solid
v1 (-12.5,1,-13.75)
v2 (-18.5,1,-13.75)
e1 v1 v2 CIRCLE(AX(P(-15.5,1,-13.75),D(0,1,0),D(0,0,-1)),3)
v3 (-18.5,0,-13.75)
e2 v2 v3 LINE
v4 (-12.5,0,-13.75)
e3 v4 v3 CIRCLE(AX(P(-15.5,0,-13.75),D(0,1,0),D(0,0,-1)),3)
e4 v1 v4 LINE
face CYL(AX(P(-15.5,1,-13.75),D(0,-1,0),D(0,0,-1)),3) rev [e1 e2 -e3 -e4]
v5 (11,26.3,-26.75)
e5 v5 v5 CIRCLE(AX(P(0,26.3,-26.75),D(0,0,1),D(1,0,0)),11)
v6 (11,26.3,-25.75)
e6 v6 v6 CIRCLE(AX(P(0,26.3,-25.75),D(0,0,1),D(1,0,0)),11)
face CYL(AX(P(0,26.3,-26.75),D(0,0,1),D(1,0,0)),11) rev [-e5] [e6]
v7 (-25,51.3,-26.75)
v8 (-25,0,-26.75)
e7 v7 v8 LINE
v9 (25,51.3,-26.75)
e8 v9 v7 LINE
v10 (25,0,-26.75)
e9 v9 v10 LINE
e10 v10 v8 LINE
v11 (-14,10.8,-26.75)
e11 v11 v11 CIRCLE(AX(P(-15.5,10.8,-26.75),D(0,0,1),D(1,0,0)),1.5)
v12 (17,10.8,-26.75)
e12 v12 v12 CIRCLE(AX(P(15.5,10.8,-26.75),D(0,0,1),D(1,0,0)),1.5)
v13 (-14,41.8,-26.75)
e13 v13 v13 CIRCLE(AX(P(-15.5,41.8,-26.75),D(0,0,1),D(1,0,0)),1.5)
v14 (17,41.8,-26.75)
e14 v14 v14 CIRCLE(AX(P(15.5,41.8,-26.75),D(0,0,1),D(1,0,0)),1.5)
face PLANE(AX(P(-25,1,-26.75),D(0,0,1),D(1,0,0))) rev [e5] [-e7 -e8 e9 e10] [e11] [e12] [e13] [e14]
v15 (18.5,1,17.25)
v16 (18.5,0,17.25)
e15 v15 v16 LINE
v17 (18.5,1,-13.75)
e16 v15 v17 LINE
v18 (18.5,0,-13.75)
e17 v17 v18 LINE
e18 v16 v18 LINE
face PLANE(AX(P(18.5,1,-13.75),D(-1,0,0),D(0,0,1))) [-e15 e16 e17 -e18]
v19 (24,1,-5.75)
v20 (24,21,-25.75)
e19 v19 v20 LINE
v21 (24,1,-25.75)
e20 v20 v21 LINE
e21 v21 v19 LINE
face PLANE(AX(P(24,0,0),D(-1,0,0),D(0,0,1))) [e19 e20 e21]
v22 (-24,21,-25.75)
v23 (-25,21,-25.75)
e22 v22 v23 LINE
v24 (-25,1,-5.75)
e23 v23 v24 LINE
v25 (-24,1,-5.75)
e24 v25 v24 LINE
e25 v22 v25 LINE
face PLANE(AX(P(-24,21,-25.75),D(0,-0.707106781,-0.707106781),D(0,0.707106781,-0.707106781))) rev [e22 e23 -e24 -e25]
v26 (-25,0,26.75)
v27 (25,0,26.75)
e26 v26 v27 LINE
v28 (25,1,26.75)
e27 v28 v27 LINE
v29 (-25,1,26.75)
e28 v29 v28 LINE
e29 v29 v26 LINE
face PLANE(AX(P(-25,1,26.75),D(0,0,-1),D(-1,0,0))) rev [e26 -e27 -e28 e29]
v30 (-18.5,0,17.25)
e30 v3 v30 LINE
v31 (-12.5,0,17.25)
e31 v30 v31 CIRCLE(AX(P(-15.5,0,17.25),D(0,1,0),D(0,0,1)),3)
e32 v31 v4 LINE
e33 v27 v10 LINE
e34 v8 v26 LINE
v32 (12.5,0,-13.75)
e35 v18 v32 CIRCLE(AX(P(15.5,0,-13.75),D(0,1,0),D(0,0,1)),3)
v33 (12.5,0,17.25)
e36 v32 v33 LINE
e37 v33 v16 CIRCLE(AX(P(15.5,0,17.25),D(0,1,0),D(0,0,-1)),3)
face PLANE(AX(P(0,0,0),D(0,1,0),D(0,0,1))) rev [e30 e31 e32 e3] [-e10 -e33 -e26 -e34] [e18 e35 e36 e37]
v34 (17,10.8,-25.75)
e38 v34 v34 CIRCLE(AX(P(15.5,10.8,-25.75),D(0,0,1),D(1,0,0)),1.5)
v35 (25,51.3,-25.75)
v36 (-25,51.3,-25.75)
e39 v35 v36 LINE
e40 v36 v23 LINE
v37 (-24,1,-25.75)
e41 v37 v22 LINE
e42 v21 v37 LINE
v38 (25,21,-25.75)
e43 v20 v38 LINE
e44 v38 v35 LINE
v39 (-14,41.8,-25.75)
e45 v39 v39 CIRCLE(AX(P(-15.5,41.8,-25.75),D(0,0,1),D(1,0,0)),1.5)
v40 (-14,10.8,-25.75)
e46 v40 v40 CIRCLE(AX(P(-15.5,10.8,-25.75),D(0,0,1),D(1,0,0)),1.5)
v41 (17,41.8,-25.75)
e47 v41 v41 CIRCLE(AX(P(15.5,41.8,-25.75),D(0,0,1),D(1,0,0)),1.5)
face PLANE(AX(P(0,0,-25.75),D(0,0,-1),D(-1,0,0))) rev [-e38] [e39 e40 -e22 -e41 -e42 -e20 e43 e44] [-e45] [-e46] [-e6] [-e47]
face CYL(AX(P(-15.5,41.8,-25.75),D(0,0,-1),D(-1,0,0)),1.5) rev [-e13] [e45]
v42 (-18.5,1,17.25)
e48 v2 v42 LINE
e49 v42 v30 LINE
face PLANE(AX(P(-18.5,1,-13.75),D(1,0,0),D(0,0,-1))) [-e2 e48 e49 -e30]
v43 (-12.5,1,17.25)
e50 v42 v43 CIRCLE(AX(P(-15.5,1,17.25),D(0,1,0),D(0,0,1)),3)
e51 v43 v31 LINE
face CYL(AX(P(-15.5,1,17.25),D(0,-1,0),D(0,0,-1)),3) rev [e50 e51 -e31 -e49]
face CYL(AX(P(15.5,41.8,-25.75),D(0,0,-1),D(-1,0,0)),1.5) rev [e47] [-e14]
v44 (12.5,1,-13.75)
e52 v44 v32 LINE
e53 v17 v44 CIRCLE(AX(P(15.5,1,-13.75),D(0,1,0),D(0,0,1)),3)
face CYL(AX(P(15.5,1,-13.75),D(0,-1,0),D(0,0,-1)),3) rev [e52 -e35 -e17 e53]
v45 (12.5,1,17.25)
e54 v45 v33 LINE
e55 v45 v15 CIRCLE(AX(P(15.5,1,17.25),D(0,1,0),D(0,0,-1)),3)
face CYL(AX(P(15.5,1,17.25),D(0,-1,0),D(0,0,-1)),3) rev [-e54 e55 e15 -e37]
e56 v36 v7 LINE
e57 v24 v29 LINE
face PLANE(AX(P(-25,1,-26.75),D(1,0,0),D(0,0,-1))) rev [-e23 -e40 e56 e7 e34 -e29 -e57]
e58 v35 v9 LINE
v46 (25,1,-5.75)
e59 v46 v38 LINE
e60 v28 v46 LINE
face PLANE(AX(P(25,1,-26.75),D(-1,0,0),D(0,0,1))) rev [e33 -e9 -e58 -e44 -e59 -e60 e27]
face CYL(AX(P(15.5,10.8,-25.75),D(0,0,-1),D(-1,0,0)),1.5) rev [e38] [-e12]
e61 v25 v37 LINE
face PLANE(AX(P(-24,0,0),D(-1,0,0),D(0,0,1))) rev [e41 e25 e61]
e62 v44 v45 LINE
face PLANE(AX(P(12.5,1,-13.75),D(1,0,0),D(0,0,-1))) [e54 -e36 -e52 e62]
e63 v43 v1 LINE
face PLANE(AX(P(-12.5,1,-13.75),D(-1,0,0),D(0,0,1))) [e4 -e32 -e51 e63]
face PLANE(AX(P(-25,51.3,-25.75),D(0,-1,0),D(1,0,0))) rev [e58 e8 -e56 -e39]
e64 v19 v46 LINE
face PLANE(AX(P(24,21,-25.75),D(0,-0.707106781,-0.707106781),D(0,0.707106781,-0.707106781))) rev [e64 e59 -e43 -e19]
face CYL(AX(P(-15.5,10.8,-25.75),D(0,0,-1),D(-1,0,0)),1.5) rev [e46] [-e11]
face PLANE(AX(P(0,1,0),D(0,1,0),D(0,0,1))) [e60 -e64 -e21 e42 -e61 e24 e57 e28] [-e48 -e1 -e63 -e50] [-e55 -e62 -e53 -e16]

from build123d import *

# Parameters (mm, degrees)
SKETCH_1_W          = 50
SKETCH_1_H          = 53.5
EXTRUDE_1_DEPTH     = 1
SKETCH_2_W          = 50
SKETCH_2_H          = 51.3
SKETCH_2_R          = 1.5
EXTRUDE_2_DEPTH     = 1
EXTRUDE_3_DEPTH     = 1
EXTRUDE_4_DEPTH     = 1
SKETCH_7_R          = 11
CUT_EXTRUDE_1_DEPTH = 78.543149278


with BuildPart() as part:
    # 草图1 → 凸台-拉伸1 (new body)
    with BuildSketch(Plane(origin=(0, 0, 0), x_dir=(1, 0, 0), z_dir=(0, 1, 0))):
        Rectangle(SKETCH_1_W, SKETCH_1_H)
        with BuildLine():
            Line((-18.5, 13.75), (-18.5, -17.25))
            ThreePointArc((-18.5, -17.25), (-15.5, -20.25), (-12.5, -17.25))
            Line((-12.5, -17.25), (-12.5, 13.75))
            ThreePointArc((-12.5, 13.75), (-15.5, 16.75), (-18.5, 13.75))
        make_face(mode=Mode.SUBTRACT)
        with BuildLine():
            Line((12.5, 13.75), (12.5, -17.25))
            ThreePointArc((12.5, -17.25), (15.5, -20.25), (18.5, -17.25))
            Line((18.5, -17.25), (18.5, 13.75))
            ThreePointArc((18.5, 13.75), (15.5, 16.75), (12.5, 13.75))
        make_face(mode=Mode.SUBTRACT)
    extrude(amount=EXTRUDE_1_DEPTH)

    # 草图2 → 凸台-拉伸2 (add)
    with BuildSketch(Plane.XY.offset(-26.75)):
        with Locations((0, 25.65)):
            Rectangle(SKETCH_2_W, SKETCH_2_H)
        with Locations((-15.5, 41.8)):
            Circle(SKETCH_2_R, mode=Mode.SUBTRACT)
        with Locations((15.5, 41.8)):
            Circle(SKETCH_2_R, mode=Mode.SUBTRACT)
        with Locations((-15.5, 10.8)):
            Circle(SKETCH_2_R, mode=Mode.SUBTRACT)
        with Locations((15.5, 10.8)):
            Circle(SKETCH_2_R, mode=Mode.SUBTRACT)
    extrude(amount=EXTRUDE_2_DEPTH)

    # 草图4 → 凸台-拉伸3 (add)
    with BuildSketch(Plane(origin=(-25, 0, 0), x_dir=(0, 0, -1), z_dir=(1, 0, 0))):
        Polygon((25.75, 21), (5.75, 1), (25.75, 1), align=None)
    extrude(amount=EXTRUDE_3_DEPTH)

    # 草图6 → 凸台-拉伸4 (add)
    with BuildSketch(Plane.ZY.offset(-25)):
        Polygon((-25.75, 21), (-5.75, 1), (-25.75, 1), align=None)
    extrude(amount=EXTRUDE_4_DEPTH)

    # 草图7 → 切除-拉伸1 (cut, through all)
    with BuildSketch(Plane.XY.offset(-25.75)):
        with Locations((0, 26.3)):
            Circle(SKETCH_7_R)
    extrude(amount=-CUT_EXTRUDE_1_DEPTH, mode=Mode.SUBTRACT)


solid = part.part
